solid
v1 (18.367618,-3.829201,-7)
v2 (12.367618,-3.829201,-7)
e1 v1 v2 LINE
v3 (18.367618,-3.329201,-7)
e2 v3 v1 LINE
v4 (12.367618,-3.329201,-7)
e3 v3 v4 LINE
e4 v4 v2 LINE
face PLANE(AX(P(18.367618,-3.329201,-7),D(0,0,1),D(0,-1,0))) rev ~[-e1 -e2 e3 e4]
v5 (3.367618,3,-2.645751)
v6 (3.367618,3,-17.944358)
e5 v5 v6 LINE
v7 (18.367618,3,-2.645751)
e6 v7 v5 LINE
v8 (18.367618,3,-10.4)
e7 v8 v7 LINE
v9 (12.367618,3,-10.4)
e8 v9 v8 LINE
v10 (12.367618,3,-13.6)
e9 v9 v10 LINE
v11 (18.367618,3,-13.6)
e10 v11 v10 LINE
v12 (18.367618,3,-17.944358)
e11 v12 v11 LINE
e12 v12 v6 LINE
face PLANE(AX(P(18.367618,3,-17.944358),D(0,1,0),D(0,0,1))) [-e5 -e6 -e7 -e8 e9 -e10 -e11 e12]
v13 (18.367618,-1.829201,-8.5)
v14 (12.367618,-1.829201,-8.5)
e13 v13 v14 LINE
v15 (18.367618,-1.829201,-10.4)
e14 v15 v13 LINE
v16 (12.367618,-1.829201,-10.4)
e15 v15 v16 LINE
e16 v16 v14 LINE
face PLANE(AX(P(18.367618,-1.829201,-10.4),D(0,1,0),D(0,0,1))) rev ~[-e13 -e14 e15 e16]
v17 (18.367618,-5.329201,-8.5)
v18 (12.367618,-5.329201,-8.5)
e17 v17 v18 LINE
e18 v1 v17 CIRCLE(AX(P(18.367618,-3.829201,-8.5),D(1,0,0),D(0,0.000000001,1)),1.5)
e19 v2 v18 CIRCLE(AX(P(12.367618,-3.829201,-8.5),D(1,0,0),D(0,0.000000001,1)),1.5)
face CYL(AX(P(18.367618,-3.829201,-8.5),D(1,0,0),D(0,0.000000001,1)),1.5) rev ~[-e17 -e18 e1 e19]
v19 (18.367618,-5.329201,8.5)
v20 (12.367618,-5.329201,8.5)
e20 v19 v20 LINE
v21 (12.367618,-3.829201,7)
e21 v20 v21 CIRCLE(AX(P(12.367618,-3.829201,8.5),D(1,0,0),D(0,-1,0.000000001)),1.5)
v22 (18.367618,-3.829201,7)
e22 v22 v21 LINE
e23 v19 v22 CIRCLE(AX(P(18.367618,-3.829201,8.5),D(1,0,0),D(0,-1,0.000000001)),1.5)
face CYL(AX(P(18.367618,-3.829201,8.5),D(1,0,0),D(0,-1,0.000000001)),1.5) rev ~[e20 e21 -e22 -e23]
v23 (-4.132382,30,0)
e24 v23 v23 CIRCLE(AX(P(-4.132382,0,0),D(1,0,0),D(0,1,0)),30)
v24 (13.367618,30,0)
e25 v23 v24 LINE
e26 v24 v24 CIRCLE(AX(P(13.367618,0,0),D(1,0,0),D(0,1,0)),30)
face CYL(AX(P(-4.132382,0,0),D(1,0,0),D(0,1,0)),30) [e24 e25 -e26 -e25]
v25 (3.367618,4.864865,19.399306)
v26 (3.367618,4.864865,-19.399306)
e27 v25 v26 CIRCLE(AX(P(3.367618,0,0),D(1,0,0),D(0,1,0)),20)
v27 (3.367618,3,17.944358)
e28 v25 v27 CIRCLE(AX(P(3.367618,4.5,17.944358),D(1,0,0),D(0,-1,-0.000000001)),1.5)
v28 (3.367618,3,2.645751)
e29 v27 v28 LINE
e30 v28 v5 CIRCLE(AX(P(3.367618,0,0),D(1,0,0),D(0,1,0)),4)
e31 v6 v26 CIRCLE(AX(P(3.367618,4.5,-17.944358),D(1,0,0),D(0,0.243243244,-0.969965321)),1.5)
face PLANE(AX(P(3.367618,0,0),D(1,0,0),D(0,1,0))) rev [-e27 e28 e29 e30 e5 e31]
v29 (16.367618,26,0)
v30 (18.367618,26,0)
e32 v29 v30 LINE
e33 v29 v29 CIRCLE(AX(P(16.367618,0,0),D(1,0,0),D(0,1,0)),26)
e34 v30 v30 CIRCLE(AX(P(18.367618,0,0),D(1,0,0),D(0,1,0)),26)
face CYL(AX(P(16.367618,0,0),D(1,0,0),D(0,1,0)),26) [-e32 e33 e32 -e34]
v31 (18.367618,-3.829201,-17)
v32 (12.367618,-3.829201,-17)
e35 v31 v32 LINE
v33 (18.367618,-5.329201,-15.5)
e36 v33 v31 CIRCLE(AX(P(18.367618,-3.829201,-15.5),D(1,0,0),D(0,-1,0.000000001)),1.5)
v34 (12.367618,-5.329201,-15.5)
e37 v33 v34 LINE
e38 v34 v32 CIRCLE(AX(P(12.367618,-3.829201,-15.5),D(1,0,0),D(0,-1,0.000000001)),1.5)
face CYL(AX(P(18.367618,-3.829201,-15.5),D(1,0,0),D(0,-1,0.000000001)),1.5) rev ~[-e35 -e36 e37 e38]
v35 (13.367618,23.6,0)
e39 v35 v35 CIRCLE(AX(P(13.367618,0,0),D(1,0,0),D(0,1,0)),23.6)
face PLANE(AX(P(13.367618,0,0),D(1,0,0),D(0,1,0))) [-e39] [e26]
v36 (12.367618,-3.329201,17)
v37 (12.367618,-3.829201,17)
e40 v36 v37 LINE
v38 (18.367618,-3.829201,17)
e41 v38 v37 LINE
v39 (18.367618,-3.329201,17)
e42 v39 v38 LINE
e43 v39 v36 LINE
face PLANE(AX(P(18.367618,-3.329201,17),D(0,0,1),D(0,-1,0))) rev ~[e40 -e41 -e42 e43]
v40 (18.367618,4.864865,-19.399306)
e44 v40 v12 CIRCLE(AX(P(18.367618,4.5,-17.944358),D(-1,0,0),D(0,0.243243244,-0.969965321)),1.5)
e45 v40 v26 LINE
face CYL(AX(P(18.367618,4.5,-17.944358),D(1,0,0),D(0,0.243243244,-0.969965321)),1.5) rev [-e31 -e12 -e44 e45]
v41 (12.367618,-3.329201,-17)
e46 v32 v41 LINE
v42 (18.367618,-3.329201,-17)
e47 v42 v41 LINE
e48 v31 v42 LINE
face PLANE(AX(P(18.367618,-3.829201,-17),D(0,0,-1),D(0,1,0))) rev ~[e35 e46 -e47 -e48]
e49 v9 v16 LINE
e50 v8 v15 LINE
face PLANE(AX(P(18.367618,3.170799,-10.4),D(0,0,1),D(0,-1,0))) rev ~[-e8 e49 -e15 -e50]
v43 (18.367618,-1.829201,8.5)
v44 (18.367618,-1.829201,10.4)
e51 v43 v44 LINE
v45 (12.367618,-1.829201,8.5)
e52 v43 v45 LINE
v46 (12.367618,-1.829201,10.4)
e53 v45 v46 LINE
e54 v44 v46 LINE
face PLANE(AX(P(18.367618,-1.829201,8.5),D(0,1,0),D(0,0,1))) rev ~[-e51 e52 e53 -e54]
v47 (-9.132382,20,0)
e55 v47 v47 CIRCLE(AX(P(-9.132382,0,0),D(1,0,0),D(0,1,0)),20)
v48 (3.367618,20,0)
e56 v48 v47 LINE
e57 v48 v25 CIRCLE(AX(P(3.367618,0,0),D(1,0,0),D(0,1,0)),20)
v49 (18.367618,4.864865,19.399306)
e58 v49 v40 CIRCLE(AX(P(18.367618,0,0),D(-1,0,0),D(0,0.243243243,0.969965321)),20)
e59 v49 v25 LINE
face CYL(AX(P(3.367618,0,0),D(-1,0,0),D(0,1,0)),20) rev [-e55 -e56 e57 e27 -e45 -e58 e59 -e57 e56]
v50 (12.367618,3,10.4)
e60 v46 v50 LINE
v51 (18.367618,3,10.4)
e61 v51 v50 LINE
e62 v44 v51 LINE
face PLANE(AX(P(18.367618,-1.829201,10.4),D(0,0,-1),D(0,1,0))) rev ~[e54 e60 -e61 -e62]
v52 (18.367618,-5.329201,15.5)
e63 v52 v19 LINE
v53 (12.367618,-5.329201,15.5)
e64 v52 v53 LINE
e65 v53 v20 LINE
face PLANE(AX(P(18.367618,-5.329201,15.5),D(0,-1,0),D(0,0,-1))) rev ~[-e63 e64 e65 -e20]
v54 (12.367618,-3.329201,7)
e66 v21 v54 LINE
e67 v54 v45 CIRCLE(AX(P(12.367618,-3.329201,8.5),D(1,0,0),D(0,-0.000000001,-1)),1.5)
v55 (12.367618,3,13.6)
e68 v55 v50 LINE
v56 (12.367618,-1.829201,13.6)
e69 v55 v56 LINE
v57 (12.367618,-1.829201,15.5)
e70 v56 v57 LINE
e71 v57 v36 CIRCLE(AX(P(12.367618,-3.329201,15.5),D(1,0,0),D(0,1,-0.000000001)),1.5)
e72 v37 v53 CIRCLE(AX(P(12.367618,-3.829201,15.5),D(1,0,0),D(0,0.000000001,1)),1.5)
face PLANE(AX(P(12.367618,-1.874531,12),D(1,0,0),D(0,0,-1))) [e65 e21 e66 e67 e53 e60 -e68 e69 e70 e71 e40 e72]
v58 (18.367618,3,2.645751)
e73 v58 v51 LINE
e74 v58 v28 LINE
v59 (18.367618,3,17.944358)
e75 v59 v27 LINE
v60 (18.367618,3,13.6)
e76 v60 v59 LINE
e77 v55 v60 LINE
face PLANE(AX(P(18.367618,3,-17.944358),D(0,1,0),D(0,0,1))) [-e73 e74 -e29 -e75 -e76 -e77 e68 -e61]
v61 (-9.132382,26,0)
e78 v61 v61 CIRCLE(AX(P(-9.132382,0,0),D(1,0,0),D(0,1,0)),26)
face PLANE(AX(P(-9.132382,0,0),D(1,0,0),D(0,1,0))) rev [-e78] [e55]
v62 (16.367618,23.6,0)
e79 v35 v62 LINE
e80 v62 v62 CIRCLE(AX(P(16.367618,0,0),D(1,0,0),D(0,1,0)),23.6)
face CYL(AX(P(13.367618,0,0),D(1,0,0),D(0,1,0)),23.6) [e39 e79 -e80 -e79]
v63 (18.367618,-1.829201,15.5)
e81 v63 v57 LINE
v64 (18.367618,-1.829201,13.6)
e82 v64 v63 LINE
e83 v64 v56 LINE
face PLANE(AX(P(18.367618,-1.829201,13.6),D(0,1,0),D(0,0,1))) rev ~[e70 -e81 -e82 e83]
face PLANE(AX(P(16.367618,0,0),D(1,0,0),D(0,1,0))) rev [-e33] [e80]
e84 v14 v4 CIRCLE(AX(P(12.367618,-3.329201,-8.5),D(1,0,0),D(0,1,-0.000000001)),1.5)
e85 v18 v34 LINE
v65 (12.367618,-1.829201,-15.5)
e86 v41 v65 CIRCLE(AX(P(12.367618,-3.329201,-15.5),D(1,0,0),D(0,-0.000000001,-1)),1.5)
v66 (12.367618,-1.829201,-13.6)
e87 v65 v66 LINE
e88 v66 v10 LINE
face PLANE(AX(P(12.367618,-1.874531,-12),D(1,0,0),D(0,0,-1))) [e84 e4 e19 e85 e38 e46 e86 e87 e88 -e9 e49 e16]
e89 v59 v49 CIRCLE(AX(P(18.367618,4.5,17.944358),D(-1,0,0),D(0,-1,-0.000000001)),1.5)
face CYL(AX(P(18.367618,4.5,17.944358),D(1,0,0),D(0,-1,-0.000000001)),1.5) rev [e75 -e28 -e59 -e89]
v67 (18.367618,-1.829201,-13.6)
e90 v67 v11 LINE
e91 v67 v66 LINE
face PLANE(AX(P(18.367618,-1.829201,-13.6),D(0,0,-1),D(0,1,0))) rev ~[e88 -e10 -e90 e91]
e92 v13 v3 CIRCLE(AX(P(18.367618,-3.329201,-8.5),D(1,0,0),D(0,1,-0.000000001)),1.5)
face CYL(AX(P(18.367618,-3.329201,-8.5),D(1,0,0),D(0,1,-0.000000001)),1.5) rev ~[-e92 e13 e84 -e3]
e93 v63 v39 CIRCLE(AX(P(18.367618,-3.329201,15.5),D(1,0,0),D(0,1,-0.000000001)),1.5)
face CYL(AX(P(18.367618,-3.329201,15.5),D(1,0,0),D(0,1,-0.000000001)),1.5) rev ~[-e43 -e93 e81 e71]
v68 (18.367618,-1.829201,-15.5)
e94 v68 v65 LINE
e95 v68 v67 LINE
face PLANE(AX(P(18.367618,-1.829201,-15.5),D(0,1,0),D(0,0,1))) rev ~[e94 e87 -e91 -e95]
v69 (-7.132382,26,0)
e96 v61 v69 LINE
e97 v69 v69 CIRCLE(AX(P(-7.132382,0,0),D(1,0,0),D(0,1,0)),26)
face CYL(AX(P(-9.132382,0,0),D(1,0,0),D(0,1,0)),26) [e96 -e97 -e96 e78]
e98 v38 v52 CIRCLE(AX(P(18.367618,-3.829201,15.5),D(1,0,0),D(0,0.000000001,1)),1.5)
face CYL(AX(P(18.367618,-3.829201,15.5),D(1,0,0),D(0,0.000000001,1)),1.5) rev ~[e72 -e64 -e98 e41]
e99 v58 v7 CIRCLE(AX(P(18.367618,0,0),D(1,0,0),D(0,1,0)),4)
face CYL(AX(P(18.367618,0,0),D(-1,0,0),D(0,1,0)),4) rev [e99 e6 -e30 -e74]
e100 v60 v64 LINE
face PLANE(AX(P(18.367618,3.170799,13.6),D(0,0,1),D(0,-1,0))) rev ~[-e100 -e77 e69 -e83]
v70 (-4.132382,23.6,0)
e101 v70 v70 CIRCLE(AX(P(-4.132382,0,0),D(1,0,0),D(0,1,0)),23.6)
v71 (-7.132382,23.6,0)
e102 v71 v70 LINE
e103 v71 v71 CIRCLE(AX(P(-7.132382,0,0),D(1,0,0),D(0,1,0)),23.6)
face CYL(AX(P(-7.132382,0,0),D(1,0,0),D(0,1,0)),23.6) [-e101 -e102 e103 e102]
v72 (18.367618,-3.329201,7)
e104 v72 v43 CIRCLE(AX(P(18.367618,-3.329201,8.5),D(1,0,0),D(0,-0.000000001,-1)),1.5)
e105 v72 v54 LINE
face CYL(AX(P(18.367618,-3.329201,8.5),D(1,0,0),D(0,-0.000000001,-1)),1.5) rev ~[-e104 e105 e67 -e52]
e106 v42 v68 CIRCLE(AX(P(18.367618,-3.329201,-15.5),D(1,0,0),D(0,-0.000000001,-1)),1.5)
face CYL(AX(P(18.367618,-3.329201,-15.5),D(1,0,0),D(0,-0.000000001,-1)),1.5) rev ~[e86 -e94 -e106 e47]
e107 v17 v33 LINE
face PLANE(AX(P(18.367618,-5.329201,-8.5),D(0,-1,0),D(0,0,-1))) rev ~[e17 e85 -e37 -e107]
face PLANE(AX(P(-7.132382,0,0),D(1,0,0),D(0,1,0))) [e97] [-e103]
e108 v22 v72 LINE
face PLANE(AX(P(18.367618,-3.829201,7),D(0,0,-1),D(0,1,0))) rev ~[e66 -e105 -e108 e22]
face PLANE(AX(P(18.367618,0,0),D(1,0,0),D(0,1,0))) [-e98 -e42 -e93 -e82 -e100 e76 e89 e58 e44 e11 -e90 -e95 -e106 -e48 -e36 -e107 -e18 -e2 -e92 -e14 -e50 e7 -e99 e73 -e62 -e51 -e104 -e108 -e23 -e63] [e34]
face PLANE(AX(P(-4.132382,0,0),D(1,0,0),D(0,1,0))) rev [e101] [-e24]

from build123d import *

# Parameters (mm, degrees)
EXTRUSION1_DEPTH = 28.5
EXTRUSION2_DEPTH = 6


with BuildPart() as part:
    # Esquisse1 → Révolution1 (revolve)
    with BuildSketch(Plane.XY):
        Polygon((-9.132382096, 20), (-9.132382096, 26), (-7.132382096, 26), (-7.132382096, 23.6), (-4.132382096, 23.6), (-4.132382096, 30), (13.367617904, 30), (13.367617904, 23.6), (16.367617904, 23.6), (16.367617904, 26), (18.367617904, 26), (18.367617904, 4), (3.367617904, 4), (3.367617904, 20), align=None)
    revolve(axis=Axis((3.367617904, 0, 0), (1, 0, 0)))

    # Esquisse2 → Extrusion1 (cut, through all)
    with BuildSketch(Plane(origin=(18.367617904, 0, 0), x_dir=(0, 0, -1), z_dir=(1, 0, 0))):
        with BuildLine():
            Line((17.944358445, 3), (-17.944358445, 3))
            ThreePointArc((-17.944358445, 3), (-19.127003214, 3.577312972), (-19.399306427, 4.864864865))
            ThreePointArc((-19.399306427, 4.864864865), (0, 20), (19.399306427, 4.864864865))
            ThreePointArc((19.399306427, 4.864864865), (19.127003214, 3.577312972), (17.944358445, 3))
        make_face()
    extrude(amount=-EXTRUSION1_DEPTH, mode=Mode.SUBTRACT)

    # Esquisse3 → Extrusion2 (cut)
    with BuildSketch(Plane(origin=(18.367617904, 0, 0), x_dir=(0, 0, -1), z_dir=(1, 0, 0))):
        with BuildLine():
            Line((-10.4, -1.829201479), (-10.4, 3.170798521))
            Line((-10.4, 3.170798521), (-13.6, 3.170798521))
            Line((-13.6, 3.170798521), (-13.6, -1.829201479))
            Line((-13.6, -1.829201479), (-15.5, -1.829201479))
            ThreePointArc((-15.5, -1.829201479), (-16.560660172, -2.268541307), (-17, -3.329201479))
            Line((-17, -3.329201479), (-17, -3.829201479))
            ThreePointArc((-17, -3.829201479), (-16.560660172, -4.889861651), (-15.5, -5.329201479))
            Line((-15.5, -5.329201479), (-8.5, -5.329201479))
            ThreePointArc((-8.5, -5.329201479), (-7.439339828, -4.889861651), (-7, -3.829201479))
            Line((-7, -3.829201479), (-7, -3.329201479))
            ThreePointArc((-7, -3.329201479), (-7.439339828, -2.268541307), (-8.5, -1.829201479))
            Line((-8.5, -1.829201479), (-10.4, -1.829201479))
        make_face()
        with BuildLine():
            Line((7, -3.329201479), (7, -3.829201479))
            ThreePointArc((7, -3.829201479), (7.439339828, -4.889861651), (8.5, -5.329201479))
            Line((8.5, -5.329201479), (15.5, -5.329201479))
            ThreePointArc((15.5, -5.329201479), (16.560660172, -4.889861651), (17, -3.829201479))
            Line((17, -3.829201479), (17, -3.329201479))
            ThreePointArc((17, -3.329201479), (16.560660172, -2.268541307), (15.5, -1.829201479))
            Line((15.5, -1.829201479), (13.6, -1.829201479))
            Line((13.6, -1.829201479), (13.6, 3.170798521))
            Line((13.6, 3.170798521), (10.4, 3.170798521))
            Line((10.4, 3.170798521), (10.4, -1.829201479))
            Line((10.4, -1.829201479), (8.5, -1.829201479))
            ThreePointArc((8.5, -1.829201479), (7.439339828, -2.268541307), (7, -3.329201479))
        make_face()
    extrude(amount=-EXTRUSION2_DEPTH, mode=Mode.SUBTRACT)


solid = part.part
